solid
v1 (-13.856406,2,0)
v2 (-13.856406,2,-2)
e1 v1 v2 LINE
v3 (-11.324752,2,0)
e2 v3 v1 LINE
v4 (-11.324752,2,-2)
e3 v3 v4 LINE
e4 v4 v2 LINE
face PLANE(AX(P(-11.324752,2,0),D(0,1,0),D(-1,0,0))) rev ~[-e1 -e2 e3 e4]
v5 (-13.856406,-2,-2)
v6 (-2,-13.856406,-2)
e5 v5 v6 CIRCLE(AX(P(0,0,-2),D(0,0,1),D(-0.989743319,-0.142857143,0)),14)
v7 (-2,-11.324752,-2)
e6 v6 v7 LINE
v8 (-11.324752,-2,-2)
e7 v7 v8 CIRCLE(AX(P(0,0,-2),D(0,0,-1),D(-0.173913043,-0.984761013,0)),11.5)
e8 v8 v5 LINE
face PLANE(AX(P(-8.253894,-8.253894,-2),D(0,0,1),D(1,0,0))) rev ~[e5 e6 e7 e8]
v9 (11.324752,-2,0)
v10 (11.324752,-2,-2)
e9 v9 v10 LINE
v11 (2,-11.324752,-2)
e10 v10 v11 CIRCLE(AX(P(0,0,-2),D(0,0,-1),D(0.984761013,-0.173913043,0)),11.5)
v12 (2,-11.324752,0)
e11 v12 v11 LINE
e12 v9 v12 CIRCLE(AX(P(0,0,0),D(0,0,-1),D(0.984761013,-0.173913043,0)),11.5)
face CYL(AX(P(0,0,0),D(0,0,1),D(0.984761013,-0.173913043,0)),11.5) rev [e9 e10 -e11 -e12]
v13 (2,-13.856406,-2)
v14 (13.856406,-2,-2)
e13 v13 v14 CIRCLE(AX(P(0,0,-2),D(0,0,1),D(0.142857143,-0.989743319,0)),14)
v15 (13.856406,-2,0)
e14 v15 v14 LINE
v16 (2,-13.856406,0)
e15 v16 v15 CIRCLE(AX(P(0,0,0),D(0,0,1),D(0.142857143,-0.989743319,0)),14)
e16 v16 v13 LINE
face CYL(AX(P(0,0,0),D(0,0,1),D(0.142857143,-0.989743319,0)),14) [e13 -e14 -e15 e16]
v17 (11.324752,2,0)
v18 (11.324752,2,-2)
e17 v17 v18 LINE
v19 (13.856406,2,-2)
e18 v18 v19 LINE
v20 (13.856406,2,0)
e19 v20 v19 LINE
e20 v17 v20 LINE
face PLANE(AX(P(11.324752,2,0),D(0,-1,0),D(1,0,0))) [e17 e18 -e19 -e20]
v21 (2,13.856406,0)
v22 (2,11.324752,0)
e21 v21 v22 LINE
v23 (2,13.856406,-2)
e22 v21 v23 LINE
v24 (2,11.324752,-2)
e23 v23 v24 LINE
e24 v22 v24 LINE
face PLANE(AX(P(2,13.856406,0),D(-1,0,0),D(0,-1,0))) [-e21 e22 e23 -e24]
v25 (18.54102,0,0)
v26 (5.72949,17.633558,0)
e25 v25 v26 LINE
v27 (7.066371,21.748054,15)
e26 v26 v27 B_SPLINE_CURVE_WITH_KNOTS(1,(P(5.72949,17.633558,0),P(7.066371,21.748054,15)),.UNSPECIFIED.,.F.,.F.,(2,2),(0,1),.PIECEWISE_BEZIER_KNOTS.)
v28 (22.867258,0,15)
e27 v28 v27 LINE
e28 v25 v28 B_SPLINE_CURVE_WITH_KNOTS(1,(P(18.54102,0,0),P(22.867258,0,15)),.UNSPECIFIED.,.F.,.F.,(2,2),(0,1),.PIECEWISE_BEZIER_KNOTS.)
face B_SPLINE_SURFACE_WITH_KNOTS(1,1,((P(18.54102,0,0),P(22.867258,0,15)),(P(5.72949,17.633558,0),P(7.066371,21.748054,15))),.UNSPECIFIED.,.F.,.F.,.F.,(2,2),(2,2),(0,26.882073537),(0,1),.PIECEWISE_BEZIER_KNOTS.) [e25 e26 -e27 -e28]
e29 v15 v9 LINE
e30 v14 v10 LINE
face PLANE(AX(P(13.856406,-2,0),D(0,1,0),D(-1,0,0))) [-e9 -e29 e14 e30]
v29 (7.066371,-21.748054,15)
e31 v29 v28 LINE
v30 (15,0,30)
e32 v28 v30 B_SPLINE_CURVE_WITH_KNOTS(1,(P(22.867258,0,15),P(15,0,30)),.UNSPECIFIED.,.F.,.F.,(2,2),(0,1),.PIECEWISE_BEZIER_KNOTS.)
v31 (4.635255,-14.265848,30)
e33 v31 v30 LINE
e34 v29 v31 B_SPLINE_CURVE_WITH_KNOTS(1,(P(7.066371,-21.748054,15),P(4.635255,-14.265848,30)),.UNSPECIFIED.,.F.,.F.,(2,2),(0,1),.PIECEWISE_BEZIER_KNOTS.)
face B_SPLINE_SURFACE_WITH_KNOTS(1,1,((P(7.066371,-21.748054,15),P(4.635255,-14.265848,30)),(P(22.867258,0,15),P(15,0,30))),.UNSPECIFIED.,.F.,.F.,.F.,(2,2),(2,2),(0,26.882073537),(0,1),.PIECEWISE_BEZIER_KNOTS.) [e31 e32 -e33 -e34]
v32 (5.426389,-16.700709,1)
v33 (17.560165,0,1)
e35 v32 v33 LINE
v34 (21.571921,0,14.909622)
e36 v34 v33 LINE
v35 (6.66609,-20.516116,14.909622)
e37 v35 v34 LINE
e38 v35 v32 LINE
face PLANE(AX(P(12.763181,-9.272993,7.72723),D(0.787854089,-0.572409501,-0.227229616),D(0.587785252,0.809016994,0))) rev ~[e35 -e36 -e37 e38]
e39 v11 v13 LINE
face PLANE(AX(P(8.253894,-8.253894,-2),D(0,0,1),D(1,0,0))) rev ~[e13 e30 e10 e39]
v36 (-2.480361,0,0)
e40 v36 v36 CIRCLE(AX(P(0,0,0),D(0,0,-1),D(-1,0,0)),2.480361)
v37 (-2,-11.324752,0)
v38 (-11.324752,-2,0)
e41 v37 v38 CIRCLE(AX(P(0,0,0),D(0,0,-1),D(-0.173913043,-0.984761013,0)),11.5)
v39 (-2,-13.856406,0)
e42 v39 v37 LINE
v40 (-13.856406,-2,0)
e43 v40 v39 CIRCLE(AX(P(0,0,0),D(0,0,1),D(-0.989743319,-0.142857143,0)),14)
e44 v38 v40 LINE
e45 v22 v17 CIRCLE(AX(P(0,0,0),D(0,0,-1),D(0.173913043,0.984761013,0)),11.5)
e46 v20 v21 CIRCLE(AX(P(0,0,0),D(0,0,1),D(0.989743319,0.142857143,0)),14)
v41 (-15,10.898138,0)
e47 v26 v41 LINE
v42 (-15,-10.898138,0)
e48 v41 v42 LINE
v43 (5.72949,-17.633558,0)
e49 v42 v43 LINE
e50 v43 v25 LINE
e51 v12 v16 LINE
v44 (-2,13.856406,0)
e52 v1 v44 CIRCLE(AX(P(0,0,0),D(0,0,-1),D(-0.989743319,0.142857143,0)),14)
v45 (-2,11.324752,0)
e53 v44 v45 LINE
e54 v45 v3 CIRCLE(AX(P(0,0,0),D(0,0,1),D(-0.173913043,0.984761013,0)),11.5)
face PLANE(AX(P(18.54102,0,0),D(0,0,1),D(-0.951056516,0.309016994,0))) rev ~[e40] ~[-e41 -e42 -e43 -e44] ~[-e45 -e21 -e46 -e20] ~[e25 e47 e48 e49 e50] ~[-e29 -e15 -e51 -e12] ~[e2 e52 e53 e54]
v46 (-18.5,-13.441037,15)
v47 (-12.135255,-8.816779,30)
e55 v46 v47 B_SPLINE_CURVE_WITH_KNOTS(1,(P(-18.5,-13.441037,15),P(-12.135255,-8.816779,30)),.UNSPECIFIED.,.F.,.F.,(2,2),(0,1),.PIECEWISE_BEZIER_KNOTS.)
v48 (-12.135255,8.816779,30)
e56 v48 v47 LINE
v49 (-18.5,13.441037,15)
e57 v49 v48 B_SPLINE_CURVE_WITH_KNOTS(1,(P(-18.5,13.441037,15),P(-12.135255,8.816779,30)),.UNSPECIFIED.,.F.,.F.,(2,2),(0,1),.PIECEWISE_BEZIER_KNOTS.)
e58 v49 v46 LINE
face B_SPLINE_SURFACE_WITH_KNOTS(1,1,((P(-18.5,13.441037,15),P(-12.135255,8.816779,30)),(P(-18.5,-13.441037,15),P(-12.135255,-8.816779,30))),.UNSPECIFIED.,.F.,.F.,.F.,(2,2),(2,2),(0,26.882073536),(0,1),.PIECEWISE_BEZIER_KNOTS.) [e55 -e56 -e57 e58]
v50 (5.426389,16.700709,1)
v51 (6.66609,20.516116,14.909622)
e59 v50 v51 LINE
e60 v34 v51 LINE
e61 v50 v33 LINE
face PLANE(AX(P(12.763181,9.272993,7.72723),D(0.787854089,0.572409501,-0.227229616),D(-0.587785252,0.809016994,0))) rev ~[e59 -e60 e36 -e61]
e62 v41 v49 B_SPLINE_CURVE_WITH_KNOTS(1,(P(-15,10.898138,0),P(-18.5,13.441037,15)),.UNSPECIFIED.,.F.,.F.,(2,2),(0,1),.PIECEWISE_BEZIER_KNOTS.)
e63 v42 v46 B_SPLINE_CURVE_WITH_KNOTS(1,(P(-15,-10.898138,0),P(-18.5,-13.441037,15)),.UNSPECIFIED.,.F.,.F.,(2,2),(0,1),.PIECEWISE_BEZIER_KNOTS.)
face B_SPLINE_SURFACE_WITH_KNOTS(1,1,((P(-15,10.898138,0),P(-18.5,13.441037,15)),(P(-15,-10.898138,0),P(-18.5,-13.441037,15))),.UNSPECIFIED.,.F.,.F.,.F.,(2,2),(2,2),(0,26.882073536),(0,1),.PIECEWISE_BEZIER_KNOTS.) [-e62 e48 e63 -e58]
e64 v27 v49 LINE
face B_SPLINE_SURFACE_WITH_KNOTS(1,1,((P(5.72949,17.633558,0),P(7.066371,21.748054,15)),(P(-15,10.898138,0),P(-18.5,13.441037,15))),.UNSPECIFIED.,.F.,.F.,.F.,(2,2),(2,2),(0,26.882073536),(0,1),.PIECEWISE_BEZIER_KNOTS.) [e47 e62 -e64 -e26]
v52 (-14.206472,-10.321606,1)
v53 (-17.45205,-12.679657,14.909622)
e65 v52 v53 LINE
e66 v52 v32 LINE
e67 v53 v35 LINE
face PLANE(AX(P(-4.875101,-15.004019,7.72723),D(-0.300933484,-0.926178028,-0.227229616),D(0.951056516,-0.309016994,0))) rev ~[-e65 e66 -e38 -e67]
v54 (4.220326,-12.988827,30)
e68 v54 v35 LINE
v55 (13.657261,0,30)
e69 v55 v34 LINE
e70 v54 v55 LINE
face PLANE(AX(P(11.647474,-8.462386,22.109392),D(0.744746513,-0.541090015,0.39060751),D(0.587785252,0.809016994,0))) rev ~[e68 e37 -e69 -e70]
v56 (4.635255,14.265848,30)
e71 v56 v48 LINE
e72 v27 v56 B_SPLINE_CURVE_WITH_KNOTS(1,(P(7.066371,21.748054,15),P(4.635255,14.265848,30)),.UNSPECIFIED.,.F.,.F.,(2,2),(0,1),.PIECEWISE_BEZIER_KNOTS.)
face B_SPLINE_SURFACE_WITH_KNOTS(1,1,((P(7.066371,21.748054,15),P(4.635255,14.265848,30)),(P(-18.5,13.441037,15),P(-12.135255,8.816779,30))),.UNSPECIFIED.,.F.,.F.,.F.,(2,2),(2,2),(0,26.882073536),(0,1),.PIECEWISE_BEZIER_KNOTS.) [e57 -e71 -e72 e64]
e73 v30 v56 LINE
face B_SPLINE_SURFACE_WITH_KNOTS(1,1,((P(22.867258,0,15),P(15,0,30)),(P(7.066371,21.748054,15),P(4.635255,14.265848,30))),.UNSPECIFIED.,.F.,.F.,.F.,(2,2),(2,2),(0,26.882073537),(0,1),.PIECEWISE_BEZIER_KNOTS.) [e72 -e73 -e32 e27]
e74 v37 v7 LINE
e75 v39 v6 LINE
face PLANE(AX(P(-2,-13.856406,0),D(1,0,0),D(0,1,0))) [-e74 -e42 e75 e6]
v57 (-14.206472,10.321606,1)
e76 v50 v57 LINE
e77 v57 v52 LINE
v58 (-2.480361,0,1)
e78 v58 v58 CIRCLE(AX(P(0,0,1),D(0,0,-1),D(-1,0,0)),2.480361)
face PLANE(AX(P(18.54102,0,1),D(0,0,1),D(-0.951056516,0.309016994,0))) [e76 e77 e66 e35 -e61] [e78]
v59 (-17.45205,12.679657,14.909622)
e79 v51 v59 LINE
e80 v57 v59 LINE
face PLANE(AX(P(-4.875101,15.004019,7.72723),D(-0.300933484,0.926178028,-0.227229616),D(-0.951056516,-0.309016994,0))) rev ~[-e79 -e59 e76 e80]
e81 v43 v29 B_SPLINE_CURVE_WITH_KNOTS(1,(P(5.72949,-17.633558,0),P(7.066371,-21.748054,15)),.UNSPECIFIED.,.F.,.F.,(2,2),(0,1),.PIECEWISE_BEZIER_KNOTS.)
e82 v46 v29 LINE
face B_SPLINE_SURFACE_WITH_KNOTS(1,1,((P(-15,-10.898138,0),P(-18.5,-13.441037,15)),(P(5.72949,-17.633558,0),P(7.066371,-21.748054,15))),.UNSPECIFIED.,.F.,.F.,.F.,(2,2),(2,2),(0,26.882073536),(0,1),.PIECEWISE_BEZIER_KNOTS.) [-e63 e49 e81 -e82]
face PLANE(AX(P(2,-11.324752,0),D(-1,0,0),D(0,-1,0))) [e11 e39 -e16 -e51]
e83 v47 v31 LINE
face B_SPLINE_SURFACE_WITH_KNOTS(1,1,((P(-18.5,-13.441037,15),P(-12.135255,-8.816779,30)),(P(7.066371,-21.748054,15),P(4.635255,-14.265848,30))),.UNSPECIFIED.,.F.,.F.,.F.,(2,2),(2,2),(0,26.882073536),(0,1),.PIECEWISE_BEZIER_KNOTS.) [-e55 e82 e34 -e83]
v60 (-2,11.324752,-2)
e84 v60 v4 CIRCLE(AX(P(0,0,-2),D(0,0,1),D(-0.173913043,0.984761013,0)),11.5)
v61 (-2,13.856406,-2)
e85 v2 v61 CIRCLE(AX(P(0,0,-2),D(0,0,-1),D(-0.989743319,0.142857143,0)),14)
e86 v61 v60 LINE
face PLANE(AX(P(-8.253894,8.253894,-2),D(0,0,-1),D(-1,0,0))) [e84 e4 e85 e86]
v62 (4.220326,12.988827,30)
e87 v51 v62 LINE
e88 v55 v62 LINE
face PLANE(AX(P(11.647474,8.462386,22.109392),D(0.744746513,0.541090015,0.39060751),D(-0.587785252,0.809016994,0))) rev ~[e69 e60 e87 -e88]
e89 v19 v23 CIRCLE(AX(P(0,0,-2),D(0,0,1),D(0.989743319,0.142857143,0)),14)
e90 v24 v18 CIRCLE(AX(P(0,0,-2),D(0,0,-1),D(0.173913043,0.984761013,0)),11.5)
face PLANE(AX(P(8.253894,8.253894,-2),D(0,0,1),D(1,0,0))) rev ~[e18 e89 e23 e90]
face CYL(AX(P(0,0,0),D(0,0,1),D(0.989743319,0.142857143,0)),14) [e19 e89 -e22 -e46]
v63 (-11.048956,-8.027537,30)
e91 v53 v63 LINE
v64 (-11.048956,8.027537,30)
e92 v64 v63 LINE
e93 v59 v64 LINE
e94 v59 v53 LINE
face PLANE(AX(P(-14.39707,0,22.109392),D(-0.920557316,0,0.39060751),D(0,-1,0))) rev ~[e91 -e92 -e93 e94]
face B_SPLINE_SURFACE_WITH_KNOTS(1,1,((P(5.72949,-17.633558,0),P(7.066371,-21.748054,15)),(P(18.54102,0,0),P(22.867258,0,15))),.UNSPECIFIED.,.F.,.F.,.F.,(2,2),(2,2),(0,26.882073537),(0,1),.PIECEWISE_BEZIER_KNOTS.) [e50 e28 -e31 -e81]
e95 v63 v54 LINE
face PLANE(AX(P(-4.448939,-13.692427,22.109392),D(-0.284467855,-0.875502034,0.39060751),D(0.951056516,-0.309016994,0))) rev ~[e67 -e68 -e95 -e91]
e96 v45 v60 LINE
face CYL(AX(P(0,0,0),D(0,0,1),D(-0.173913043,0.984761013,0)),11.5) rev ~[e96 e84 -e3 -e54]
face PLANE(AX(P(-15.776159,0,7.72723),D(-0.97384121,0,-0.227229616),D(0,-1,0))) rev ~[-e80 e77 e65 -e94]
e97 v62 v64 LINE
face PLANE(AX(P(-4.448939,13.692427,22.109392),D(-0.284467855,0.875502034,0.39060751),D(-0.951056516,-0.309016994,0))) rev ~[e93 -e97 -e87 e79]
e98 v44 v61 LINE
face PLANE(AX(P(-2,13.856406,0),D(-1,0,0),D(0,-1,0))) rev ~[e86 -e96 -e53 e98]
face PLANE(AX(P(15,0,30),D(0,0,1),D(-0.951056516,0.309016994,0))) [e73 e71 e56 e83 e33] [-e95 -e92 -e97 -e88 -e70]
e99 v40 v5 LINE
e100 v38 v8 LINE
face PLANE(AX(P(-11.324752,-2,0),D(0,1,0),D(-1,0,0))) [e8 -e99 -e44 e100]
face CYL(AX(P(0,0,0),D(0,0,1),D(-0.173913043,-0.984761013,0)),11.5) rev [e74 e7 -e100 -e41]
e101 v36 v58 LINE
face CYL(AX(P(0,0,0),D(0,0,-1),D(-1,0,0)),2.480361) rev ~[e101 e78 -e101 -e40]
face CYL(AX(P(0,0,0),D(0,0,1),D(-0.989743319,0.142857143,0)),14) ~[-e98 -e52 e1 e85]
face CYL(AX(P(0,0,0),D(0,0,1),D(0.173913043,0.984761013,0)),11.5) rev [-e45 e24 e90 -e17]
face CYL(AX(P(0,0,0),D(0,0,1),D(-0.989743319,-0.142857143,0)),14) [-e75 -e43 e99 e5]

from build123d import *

# Parameters (mm, degrees)
VACIADO1_T              = -1
CROQUIS6_R              = 2.480361355
CORTAR_EXTRUIR1_DEPTH   = 10
SALIENTE_EXTRUIR1_DEPTH = 2


with BuildPart() as part:
    # Croquis2 → Recubrir1 section 0
    with BuildSketch(Plane.XY):
        with BuildLine():
            Line((18.541019662, 0), (5.729490169, 17.633557569))
            Line((5.729490169, 17.633557569), (-15, 10.89813792))
            Line((-15, 10.89813792), (-15, -10.89813792))
            Line((-15, -10.89813792), (5.729490169, -17.633557569))
            Line((5.729490169, -17.633557569), (18.541019662, 0))
        make_face()
    # Croquis3 → Recubrir1 section 1
    with BuildSketch(Plane.XY.offset(15)):
        with BuildLine():
            Line((22.867257584, 0), (7.066371208, 21.748054335))
            Line((7.066371208, 21.748054335), (-18.5, 13.441036768))
            Line((-18.5, 13.441036768), (-18.5, -13.441036768))
            Line((-18.5, -13.441036768), (7.066371208, -21.748054335))
            Line((7.066371208, -21.748054335), (22.867257584, 0))
        make_face()
    loft()

    # Croquis4 → section 1 of recubrir2
    with BuildSketch(Plane.XY.offset(30), mode=Mode.PRIVATE) as recubrir2_s1:
        with BuildLine():
            Line((15, 0), (4.635254916, 14.265847744))
            Line((4.635254916, 14.265847744), (-12.135254916, 8.816778784))
            Line((-12.135254916, 8.816778784), (-12.135254916, -8.816778784))
            Line((-12.135254916, -8.816778784), (4.635254916, -14.265847744))
            Line((4.635254916, -14.265847744), (15, 0))
        make_face()
    # loft from a face of the part (recubrir2)
    loft([part.faces().sort_by_distance((0, 0, 15))[0], recubrir2_s1.sketch])

    # Vaciado1
    vaciado1_openings = [part.faces().sort_by_distance(p)[0] for p in [
        (0, 0, 30),
    ]]
    offset(amount=VACIADO1_T, openings=vaciado1_openings, kind=Kind.INTERSECTION)

    # Croquis6 → Cortar-Extruir1 (cut)
    with BuildSketch(Plane(origin=(0, 0, 0), x_dir=(-1, 0, 0), z_dir=(0, 0, -1))):
        Circle(CROQUIS6_R)
    extrude(amount=-CORTAR_EXTRUIR1_DEPTH, mode=Mode.SUBTRACT)

    # Croquis7 → Saliente-Extruir1 (add)
    with BuildSketch(Plane(origin=(0, 0, 0), x_dir=(-1, 0, 0), z_dir=(0, 0, -1))):
        with BuildLine():
            Line((-2, 13.856406461), (-2, 11.324751653))
            ThreePointArc((-2, 11.324751653), (-8.131727984, 8.131727984), (-11.324751653, 2))
            Line((-11.324751653, 2), (-13.856406461, 2))
            ThreePointArc((-13.856406461, 2), (-9.899494937, 9.899494937), (-2, 13.856406461))
        make_face()
        with BuildLine():
            Line((2, 13.856406461), (2, 11.324751653))
            ThreePointArc((2, 11.324751653), (8.131727984, 8.131727984), (11.324751653, 2))
            Line((11.324751653, 2), (13.856406461, 2))
            ThreePointArc((13.856406461, 2), (9.899494937, 9.899494937), (2, 13.856406461))
        make_face()
        with BuildLine():
            Line((-13.856406461, -2), (-11.324751653, -2))
            ThreePointArc((-11.324751653, -2), (-8.131727984, -8.131727984), (-2, -11.324751653))
            Line((-2, -11.324751653), (-2, -13.856406461))
            ThreePointArc((-2, -13.856406461), (-9.899494937, -9.899494937), (-13.856406461, -2))
        make_face()
        with BuildLine():
            Line((11.324751653, -2), (13.856406461, -2))
            ThreePointArc((13.856406461, -2), (9.899494937, -9.899494937), (2, -13.856406461))
            Line((2, -13.856406461), (2, -11.324751653))
            ThreePointArc((2, -11.324751653), (8.131727984, -8.131727984), (11.324751653, -2))
        make_face()
    extrude(amount=SALIENTE_EXTRUIR1_DEPTH)


solid = part.part
